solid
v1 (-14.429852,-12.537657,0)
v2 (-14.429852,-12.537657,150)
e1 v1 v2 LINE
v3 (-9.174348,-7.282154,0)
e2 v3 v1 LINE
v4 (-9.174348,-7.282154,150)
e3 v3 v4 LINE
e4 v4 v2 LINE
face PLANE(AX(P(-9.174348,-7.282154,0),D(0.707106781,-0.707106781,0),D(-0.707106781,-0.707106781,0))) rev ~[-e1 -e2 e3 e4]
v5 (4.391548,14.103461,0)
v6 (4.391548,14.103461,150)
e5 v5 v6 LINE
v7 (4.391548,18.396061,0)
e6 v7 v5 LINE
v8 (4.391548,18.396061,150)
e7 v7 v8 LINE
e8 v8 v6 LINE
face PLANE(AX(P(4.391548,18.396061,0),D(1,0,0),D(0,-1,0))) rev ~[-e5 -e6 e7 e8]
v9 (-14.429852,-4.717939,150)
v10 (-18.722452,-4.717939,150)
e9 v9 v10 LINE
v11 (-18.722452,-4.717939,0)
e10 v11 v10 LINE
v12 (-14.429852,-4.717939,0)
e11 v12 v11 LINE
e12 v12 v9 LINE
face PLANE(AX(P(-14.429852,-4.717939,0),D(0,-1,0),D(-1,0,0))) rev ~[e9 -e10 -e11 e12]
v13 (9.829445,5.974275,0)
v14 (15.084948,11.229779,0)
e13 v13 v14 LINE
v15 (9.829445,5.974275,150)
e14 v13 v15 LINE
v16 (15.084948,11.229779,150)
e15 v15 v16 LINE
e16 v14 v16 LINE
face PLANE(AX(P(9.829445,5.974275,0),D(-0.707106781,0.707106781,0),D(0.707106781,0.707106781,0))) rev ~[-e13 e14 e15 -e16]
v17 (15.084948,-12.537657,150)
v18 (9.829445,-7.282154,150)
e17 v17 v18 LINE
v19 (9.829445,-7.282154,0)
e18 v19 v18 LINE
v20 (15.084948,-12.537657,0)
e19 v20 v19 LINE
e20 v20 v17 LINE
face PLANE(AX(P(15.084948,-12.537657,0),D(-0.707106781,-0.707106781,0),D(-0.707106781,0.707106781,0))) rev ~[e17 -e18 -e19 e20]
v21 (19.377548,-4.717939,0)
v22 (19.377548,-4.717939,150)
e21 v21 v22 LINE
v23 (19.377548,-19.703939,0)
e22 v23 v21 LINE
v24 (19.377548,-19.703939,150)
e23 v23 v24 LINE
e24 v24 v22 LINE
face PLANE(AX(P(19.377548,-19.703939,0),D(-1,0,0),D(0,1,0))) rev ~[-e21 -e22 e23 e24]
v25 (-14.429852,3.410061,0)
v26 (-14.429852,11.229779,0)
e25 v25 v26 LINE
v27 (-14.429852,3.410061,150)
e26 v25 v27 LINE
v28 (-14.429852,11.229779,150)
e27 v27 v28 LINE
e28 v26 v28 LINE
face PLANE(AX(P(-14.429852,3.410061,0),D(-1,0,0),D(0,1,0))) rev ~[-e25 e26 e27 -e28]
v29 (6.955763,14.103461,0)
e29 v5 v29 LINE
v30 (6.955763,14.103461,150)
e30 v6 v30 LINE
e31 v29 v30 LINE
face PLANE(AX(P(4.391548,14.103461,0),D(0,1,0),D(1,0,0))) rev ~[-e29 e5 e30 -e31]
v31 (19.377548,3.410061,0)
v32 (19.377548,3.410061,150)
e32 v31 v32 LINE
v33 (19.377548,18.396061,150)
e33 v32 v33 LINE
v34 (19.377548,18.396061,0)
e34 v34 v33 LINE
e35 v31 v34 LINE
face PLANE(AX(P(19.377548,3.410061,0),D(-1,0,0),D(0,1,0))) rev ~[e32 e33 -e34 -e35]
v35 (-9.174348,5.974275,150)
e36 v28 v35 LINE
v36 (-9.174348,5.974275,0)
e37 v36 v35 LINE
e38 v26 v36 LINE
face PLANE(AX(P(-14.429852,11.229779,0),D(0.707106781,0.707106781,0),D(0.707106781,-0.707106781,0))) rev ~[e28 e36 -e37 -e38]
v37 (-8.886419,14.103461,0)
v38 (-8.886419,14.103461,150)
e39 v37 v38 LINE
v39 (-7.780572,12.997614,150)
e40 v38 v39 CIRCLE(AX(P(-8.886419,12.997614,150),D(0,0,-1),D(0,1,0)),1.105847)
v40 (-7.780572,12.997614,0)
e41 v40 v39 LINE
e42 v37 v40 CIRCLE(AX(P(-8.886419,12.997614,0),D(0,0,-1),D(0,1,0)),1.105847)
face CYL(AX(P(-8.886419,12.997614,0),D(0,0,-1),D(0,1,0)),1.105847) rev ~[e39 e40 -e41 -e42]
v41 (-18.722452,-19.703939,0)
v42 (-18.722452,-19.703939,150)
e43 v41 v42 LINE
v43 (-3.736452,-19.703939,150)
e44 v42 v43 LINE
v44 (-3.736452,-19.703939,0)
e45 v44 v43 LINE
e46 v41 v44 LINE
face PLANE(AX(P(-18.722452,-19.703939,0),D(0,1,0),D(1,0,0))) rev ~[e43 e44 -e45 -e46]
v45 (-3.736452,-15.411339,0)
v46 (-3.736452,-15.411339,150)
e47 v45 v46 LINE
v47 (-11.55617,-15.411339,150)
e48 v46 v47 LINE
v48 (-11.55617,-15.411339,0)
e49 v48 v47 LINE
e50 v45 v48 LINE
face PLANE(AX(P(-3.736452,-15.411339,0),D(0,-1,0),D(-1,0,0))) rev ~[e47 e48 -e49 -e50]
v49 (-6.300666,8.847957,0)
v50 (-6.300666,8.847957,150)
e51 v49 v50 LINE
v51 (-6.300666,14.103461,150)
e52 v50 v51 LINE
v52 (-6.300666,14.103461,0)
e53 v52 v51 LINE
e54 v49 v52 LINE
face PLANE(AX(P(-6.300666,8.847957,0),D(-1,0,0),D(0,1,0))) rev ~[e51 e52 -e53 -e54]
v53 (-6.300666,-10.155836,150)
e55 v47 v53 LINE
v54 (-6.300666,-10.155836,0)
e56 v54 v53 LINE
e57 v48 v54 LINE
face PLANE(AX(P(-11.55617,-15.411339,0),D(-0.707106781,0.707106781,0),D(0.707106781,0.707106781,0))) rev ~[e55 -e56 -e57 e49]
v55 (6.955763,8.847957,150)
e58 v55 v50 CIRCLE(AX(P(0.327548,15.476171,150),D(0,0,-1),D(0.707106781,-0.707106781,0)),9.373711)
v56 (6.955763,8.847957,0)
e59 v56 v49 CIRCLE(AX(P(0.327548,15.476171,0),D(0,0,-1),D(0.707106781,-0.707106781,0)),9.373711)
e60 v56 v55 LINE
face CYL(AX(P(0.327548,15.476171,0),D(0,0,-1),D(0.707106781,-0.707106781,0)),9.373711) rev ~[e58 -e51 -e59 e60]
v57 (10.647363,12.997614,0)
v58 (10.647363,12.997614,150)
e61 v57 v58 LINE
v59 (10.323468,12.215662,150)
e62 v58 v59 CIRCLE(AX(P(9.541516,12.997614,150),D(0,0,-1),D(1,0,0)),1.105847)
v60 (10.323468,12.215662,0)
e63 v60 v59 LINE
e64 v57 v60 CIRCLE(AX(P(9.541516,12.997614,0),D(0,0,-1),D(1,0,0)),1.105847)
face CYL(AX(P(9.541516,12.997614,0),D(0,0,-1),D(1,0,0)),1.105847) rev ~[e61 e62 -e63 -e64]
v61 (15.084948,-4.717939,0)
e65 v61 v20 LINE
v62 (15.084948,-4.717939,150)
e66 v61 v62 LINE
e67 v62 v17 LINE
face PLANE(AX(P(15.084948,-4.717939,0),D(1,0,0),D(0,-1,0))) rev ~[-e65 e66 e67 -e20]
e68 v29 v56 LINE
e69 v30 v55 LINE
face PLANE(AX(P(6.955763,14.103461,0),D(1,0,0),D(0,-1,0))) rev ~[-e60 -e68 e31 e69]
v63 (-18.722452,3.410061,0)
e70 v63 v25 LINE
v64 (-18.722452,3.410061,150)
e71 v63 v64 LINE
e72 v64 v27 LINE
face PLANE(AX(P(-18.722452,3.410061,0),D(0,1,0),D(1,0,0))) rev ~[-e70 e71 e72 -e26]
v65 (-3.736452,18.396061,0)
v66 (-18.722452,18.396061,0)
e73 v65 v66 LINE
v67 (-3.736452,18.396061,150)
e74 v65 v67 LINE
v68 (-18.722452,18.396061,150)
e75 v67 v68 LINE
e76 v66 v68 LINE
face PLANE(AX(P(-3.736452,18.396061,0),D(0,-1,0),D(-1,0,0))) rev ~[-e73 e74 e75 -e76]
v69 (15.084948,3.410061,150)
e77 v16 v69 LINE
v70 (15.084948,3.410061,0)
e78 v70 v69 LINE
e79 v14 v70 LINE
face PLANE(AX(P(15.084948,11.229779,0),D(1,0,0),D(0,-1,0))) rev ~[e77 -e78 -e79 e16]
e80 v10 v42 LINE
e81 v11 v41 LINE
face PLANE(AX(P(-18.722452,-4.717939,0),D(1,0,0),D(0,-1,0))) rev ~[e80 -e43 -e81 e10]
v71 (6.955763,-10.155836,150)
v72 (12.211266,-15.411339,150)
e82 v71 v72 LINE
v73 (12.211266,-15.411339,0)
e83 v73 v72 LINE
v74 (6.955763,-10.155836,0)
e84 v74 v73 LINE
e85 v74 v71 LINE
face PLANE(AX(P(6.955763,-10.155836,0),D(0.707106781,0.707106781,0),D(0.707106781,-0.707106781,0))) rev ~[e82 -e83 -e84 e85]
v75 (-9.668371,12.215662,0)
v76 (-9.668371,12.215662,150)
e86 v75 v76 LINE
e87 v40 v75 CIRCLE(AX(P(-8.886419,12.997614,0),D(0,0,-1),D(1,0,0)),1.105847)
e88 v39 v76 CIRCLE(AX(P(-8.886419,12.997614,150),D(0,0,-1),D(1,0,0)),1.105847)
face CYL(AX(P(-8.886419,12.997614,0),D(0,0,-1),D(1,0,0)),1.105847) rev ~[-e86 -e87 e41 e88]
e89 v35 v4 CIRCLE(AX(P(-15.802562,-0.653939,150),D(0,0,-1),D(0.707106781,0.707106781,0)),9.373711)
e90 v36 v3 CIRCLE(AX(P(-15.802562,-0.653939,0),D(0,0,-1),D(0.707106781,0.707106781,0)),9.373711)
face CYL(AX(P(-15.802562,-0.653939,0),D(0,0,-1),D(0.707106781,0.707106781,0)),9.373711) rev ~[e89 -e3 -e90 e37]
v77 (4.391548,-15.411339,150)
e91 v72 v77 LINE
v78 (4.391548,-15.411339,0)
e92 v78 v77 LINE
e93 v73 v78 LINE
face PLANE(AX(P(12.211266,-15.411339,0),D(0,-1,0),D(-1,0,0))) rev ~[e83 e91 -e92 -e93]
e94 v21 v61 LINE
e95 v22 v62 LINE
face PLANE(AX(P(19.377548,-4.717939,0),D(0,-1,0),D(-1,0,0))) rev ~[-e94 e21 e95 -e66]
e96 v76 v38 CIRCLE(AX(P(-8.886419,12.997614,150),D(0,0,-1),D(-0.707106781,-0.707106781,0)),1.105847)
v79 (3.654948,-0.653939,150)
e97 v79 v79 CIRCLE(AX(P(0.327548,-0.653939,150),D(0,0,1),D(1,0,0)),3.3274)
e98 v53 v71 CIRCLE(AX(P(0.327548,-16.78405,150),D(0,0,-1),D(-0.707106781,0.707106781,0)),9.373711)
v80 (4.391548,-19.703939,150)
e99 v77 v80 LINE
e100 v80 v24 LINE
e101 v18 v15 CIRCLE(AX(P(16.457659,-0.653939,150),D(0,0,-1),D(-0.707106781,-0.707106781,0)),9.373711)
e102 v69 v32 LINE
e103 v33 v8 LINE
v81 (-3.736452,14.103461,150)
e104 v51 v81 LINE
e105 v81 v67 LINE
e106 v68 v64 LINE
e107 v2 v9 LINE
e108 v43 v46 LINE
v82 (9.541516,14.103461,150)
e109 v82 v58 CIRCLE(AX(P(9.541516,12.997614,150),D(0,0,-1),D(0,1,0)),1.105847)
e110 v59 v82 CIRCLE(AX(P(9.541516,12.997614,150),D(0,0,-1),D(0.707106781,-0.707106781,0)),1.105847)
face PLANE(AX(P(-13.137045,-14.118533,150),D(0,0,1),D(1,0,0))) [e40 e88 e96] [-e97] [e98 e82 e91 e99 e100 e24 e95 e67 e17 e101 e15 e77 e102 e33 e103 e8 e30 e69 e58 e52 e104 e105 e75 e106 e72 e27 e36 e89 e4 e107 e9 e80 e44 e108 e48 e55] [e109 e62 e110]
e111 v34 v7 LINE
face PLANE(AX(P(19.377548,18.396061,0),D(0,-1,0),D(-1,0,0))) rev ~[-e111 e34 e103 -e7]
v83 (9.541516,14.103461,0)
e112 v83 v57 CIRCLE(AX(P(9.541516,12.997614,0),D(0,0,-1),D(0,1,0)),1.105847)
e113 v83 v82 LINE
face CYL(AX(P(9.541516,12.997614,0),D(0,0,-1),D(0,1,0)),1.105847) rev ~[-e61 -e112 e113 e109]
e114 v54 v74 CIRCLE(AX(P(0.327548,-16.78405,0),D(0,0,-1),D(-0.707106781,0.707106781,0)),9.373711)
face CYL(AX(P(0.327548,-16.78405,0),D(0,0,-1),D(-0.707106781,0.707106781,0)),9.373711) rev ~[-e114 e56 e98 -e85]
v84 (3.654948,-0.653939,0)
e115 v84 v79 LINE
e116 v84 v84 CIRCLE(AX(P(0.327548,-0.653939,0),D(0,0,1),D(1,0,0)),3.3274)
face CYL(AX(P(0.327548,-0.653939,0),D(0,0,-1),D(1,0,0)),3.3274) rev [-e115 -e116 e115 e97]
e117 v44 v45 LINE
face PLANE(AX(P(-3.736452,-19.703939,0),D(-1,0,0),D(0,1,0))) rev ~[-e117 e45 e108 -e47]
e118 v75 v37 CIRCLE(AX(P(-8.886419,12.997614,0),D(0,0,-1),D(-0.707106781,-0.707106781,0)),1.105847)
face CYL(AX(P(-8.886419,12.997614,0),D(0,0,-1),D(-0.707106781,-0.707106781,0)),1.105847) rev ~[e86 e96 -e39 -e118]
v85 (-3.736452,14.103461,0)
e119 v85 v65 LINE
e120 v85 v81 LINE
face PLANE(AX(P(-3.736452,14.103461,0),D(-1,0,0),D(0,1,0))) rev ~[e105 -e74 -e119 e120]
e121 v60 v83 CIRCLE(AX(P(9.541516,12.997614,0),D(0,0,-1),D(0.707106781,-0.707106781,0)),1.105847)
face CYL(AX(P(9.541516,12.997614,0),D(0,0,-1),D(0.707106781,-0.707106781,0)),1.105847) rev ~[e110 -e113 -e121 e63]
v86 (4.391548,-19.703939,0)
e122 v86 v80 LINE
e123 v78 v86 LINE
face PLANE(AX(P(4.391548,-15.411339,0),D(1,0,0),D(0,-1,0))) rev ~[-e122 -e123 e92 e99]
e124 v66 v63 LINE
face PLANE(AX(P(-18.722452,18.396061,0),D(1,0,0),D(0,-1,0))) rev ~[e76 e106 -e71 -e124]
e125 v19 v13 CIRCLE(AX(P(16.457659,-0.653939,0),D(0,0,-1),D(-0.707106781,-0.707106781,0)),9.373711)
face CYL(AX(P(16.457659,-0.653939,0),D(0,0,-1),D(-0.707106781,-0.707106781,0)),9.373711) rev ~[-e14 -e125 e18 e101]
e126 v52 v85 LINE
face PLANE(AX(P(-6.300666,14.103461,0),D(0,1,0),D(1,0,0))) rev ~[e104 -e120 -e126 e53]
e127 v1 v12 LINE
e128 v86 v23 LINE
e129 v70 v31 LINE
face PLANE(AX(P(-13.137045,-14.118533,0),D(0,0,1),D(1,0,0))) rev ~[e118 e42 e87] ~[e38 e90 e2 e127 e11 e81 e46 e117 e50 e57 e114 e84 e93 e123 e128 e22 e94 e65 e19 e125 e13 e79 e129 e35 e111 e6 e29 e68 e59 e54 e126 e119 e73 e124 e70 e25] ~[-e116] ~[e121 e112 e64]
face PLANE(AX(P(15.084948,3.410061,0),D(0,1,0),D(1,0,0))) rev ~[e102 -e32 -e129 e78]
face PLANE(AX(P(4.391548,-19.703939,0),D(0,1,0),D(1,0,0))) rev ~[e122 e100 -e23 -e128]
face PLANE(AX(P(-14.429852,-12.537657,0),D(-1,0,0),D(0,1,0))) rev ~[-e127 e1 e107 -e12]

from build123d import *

# Parameters (mm, degrees)
F0_R     = 3.3274
F1_DEPTH = 150


with BuildPart() as f1:
    # F0 (on Top) → F1 (new body)
    with BuildSketch(Plane.XY):
        Polygon((-3.7364516484, -15.4113394203), (-11.5561696896, -15.4113394203), (-14.4298516484, -15.4113394203), (-14.4298516484, -12.5376574615), (-14.4298516484, -4.7179394203), (-18.7224516484, -4.7179394203), (-18.7224516484, -19.7039394203), (-3.7364516484, -19.7039394203), align=None)
        with BuildLine():
            Line((6.9557626493, -10.1558356767), (12.2112663929, -15.4113394203))
            Line((12.2112663929, -15.4113394203), (15.0849483516, -15.4113394203))
            Line((15.0849483516, -15.4113394203), (15.0849483516, -12.5376574615))
            Line((15.0849483516, -12.5376574615), (9.8294446081, -7.2821537179))
            ThreePointArc((9.8294446081, -7.2821537179), (7.0839483516, -0.6539394203), (9.8294446081, 5.9742748774))
            Line((9.8294446081, 5.9742748774), (15.0849483516, 11.229778621))
            Line((15.0849483516, 11.229778621), (15.0849483516, 14.1034605797))
            Line((15.0849483516, 14.1034605797), (12.2112663929, 14.1034605797))
            Line((12.2112663929, 14.1034605797), (10.3234675208, 12.2156617076))
            Line((10.3234675208, 12.2156617076), (6.9557626493, 8.8479568362))
            ThreePointArc((6.9557626493, 8.8479568362), (0.3275483516, 6.1024605797), (-6.300665946, 8.8479568362))
            Line((-6.300665946, 8.8479568362), (-9.6683708175, 12.2156617076))
            Line((-9.6683708175, 12.2156617076), (-11.5561696896, 14.1034605797))
            Line((-11.5561696896, 14.1034605797), (-14.4298516484, 14.1034605797))
            Line((-14.4298516484, 14.1034605797), (-14.4298516484, 11.229778621))
            Line((-14.4298516484, 11.229778621), (-9.1743479048, 5.9742748774))
            ThreePointArc((-9.1743479048, 5.9742748774), (-6.4288516484, -0.6539394203), (-9.1743479048, -7.2821537179))
            Line((-9.1743479048, -7.2821537179), (-14.4298516484, -12.5376574615))
            Line((-14.4298516484, -12.5376574615), (-14.4298516484, -15.4113394203))
            Line((-14.4298516484, -15.4113394203), (-11.5561696896, -15.4113394203))
            Line((-11.5561696896, -15.4113394203), (-6.300665946, -10.1558356767))
            ThreePointArc((-6.300665946, -10.1558356767), (0.3275483516, -7.4103394203), (6.9557626493, -10.1558356767))
        make_face()
        with Locations((0.3275483516, -0.6539394203)):
            Circle(F0_R, mode=Mode.SUBTRACT)
        Polygon((4.3915483516, -15.4113394203), (4.3915483516, -19.7039394203), (19.3775483516, -19.7039394203), (19.3775483516, -4.7179394203), (15.0849483516, -4.7179394203), (15.0849483516, -12.5376574615), (15.0849483516, -15.4113394203), (12.2112663929, -15.4113394203), align=None)
        Polygon((15.0849483516, 14.1034605797), (15.0849483516, 11.229778621), (15.0849483516, 3.4100605797), (19.3775483516, 3.4100605797), (19.3775483516, 18.3960605797), (4.3915483516, 18.3960605797), (4.3915483516, 14.1034605797), (6.9557626493, 14.1034605797), (9.5415156249, 14.1034605797), (12.2112663929, 14.1034605797), align=None)
        Polygon((-14.4298516484, 3.4100605797), (-14.4298516484, 11.229778621), (-14.4298516484, 14.1034605797), (-11.5561696896, 14.1034605797), (-8.8864189217, 14.1034605797), (-6.300665946, 14.1034605797), (-3.7364516484, 14.1034605797), (-3.7364516484, 18.3960605797), (-18.7224516484, 18.3960605797), (-18.7224516484, 3.4100605797), align=None)
        with BuildLine():
            ThreePointArc((10.3234675208, 12.2156617076), (8.5198462375, 12.574424287), (9.5415156249, 14.1034605797))
            Line((9.5415156249, 14.1034605797), (6.9557626493, 14.1034605797))
            Line((6.9557626493, 14.1034605797), (6.9557626493, 8.8479568362))
            Line((6.9557626493, 8.8479568362), (10.3234675208, 12.2156617076))
        make_face()
        with BuildLine():
            Line((-9.6683708175, 12.2156617076), (-6.300665946, 8.8479568362))
            Line((-6.300665946, 8.8479568362), (-6.300665946, 14.1034605797))
            Line((-6.300665946, 14.1034605797), (-8.8864189217, 14.1034605797))
            ThreePointArc((-8.8864189217, 14.1034605797), (-8.1044670258, 13.7795654994), (-7.7805719454, 12.9976136035))
            ThreePointArc((-7.7805719454, 12.9976136035), (-8.4632296051, 11.9759442161), (-9.6683708175, 12.2156617076))
        make_face()
        with BuildLine():
            Line((10.3234675208, 12.2156617076), (12.2112663929, 14.1034605797))
            Line((12.2112663929, 14.1034605797), (9.5415156249, 14.1034605797))
            ThreePointArc((9.5415156249, 14.1034605797), (10.3234675208, 13.7795654994), (10.6473626012, 12.9976136035))
            ThreePointArc((10.6473626012, 12.9976136035), (10.5631850124, 12.574424287), (10.3234675208, 12.2156617076))
        make_face()
        with BuildLine():
            Line((-8.8864189217, 14.1034605797), (-11.5561696896, 14.1034605797))
            Line((-11.5561696896, 14.1034605797), (-9.6683708175, 12.2156617076))
            ThreePointArc((-9.6683708175, 12.2156617076), (-9.9080883091, 13.42080292), (-8.8864189217, 14.1034605797))
        make_face()
    extrude(amount=F1_DEPTH)


solid = f1.part
